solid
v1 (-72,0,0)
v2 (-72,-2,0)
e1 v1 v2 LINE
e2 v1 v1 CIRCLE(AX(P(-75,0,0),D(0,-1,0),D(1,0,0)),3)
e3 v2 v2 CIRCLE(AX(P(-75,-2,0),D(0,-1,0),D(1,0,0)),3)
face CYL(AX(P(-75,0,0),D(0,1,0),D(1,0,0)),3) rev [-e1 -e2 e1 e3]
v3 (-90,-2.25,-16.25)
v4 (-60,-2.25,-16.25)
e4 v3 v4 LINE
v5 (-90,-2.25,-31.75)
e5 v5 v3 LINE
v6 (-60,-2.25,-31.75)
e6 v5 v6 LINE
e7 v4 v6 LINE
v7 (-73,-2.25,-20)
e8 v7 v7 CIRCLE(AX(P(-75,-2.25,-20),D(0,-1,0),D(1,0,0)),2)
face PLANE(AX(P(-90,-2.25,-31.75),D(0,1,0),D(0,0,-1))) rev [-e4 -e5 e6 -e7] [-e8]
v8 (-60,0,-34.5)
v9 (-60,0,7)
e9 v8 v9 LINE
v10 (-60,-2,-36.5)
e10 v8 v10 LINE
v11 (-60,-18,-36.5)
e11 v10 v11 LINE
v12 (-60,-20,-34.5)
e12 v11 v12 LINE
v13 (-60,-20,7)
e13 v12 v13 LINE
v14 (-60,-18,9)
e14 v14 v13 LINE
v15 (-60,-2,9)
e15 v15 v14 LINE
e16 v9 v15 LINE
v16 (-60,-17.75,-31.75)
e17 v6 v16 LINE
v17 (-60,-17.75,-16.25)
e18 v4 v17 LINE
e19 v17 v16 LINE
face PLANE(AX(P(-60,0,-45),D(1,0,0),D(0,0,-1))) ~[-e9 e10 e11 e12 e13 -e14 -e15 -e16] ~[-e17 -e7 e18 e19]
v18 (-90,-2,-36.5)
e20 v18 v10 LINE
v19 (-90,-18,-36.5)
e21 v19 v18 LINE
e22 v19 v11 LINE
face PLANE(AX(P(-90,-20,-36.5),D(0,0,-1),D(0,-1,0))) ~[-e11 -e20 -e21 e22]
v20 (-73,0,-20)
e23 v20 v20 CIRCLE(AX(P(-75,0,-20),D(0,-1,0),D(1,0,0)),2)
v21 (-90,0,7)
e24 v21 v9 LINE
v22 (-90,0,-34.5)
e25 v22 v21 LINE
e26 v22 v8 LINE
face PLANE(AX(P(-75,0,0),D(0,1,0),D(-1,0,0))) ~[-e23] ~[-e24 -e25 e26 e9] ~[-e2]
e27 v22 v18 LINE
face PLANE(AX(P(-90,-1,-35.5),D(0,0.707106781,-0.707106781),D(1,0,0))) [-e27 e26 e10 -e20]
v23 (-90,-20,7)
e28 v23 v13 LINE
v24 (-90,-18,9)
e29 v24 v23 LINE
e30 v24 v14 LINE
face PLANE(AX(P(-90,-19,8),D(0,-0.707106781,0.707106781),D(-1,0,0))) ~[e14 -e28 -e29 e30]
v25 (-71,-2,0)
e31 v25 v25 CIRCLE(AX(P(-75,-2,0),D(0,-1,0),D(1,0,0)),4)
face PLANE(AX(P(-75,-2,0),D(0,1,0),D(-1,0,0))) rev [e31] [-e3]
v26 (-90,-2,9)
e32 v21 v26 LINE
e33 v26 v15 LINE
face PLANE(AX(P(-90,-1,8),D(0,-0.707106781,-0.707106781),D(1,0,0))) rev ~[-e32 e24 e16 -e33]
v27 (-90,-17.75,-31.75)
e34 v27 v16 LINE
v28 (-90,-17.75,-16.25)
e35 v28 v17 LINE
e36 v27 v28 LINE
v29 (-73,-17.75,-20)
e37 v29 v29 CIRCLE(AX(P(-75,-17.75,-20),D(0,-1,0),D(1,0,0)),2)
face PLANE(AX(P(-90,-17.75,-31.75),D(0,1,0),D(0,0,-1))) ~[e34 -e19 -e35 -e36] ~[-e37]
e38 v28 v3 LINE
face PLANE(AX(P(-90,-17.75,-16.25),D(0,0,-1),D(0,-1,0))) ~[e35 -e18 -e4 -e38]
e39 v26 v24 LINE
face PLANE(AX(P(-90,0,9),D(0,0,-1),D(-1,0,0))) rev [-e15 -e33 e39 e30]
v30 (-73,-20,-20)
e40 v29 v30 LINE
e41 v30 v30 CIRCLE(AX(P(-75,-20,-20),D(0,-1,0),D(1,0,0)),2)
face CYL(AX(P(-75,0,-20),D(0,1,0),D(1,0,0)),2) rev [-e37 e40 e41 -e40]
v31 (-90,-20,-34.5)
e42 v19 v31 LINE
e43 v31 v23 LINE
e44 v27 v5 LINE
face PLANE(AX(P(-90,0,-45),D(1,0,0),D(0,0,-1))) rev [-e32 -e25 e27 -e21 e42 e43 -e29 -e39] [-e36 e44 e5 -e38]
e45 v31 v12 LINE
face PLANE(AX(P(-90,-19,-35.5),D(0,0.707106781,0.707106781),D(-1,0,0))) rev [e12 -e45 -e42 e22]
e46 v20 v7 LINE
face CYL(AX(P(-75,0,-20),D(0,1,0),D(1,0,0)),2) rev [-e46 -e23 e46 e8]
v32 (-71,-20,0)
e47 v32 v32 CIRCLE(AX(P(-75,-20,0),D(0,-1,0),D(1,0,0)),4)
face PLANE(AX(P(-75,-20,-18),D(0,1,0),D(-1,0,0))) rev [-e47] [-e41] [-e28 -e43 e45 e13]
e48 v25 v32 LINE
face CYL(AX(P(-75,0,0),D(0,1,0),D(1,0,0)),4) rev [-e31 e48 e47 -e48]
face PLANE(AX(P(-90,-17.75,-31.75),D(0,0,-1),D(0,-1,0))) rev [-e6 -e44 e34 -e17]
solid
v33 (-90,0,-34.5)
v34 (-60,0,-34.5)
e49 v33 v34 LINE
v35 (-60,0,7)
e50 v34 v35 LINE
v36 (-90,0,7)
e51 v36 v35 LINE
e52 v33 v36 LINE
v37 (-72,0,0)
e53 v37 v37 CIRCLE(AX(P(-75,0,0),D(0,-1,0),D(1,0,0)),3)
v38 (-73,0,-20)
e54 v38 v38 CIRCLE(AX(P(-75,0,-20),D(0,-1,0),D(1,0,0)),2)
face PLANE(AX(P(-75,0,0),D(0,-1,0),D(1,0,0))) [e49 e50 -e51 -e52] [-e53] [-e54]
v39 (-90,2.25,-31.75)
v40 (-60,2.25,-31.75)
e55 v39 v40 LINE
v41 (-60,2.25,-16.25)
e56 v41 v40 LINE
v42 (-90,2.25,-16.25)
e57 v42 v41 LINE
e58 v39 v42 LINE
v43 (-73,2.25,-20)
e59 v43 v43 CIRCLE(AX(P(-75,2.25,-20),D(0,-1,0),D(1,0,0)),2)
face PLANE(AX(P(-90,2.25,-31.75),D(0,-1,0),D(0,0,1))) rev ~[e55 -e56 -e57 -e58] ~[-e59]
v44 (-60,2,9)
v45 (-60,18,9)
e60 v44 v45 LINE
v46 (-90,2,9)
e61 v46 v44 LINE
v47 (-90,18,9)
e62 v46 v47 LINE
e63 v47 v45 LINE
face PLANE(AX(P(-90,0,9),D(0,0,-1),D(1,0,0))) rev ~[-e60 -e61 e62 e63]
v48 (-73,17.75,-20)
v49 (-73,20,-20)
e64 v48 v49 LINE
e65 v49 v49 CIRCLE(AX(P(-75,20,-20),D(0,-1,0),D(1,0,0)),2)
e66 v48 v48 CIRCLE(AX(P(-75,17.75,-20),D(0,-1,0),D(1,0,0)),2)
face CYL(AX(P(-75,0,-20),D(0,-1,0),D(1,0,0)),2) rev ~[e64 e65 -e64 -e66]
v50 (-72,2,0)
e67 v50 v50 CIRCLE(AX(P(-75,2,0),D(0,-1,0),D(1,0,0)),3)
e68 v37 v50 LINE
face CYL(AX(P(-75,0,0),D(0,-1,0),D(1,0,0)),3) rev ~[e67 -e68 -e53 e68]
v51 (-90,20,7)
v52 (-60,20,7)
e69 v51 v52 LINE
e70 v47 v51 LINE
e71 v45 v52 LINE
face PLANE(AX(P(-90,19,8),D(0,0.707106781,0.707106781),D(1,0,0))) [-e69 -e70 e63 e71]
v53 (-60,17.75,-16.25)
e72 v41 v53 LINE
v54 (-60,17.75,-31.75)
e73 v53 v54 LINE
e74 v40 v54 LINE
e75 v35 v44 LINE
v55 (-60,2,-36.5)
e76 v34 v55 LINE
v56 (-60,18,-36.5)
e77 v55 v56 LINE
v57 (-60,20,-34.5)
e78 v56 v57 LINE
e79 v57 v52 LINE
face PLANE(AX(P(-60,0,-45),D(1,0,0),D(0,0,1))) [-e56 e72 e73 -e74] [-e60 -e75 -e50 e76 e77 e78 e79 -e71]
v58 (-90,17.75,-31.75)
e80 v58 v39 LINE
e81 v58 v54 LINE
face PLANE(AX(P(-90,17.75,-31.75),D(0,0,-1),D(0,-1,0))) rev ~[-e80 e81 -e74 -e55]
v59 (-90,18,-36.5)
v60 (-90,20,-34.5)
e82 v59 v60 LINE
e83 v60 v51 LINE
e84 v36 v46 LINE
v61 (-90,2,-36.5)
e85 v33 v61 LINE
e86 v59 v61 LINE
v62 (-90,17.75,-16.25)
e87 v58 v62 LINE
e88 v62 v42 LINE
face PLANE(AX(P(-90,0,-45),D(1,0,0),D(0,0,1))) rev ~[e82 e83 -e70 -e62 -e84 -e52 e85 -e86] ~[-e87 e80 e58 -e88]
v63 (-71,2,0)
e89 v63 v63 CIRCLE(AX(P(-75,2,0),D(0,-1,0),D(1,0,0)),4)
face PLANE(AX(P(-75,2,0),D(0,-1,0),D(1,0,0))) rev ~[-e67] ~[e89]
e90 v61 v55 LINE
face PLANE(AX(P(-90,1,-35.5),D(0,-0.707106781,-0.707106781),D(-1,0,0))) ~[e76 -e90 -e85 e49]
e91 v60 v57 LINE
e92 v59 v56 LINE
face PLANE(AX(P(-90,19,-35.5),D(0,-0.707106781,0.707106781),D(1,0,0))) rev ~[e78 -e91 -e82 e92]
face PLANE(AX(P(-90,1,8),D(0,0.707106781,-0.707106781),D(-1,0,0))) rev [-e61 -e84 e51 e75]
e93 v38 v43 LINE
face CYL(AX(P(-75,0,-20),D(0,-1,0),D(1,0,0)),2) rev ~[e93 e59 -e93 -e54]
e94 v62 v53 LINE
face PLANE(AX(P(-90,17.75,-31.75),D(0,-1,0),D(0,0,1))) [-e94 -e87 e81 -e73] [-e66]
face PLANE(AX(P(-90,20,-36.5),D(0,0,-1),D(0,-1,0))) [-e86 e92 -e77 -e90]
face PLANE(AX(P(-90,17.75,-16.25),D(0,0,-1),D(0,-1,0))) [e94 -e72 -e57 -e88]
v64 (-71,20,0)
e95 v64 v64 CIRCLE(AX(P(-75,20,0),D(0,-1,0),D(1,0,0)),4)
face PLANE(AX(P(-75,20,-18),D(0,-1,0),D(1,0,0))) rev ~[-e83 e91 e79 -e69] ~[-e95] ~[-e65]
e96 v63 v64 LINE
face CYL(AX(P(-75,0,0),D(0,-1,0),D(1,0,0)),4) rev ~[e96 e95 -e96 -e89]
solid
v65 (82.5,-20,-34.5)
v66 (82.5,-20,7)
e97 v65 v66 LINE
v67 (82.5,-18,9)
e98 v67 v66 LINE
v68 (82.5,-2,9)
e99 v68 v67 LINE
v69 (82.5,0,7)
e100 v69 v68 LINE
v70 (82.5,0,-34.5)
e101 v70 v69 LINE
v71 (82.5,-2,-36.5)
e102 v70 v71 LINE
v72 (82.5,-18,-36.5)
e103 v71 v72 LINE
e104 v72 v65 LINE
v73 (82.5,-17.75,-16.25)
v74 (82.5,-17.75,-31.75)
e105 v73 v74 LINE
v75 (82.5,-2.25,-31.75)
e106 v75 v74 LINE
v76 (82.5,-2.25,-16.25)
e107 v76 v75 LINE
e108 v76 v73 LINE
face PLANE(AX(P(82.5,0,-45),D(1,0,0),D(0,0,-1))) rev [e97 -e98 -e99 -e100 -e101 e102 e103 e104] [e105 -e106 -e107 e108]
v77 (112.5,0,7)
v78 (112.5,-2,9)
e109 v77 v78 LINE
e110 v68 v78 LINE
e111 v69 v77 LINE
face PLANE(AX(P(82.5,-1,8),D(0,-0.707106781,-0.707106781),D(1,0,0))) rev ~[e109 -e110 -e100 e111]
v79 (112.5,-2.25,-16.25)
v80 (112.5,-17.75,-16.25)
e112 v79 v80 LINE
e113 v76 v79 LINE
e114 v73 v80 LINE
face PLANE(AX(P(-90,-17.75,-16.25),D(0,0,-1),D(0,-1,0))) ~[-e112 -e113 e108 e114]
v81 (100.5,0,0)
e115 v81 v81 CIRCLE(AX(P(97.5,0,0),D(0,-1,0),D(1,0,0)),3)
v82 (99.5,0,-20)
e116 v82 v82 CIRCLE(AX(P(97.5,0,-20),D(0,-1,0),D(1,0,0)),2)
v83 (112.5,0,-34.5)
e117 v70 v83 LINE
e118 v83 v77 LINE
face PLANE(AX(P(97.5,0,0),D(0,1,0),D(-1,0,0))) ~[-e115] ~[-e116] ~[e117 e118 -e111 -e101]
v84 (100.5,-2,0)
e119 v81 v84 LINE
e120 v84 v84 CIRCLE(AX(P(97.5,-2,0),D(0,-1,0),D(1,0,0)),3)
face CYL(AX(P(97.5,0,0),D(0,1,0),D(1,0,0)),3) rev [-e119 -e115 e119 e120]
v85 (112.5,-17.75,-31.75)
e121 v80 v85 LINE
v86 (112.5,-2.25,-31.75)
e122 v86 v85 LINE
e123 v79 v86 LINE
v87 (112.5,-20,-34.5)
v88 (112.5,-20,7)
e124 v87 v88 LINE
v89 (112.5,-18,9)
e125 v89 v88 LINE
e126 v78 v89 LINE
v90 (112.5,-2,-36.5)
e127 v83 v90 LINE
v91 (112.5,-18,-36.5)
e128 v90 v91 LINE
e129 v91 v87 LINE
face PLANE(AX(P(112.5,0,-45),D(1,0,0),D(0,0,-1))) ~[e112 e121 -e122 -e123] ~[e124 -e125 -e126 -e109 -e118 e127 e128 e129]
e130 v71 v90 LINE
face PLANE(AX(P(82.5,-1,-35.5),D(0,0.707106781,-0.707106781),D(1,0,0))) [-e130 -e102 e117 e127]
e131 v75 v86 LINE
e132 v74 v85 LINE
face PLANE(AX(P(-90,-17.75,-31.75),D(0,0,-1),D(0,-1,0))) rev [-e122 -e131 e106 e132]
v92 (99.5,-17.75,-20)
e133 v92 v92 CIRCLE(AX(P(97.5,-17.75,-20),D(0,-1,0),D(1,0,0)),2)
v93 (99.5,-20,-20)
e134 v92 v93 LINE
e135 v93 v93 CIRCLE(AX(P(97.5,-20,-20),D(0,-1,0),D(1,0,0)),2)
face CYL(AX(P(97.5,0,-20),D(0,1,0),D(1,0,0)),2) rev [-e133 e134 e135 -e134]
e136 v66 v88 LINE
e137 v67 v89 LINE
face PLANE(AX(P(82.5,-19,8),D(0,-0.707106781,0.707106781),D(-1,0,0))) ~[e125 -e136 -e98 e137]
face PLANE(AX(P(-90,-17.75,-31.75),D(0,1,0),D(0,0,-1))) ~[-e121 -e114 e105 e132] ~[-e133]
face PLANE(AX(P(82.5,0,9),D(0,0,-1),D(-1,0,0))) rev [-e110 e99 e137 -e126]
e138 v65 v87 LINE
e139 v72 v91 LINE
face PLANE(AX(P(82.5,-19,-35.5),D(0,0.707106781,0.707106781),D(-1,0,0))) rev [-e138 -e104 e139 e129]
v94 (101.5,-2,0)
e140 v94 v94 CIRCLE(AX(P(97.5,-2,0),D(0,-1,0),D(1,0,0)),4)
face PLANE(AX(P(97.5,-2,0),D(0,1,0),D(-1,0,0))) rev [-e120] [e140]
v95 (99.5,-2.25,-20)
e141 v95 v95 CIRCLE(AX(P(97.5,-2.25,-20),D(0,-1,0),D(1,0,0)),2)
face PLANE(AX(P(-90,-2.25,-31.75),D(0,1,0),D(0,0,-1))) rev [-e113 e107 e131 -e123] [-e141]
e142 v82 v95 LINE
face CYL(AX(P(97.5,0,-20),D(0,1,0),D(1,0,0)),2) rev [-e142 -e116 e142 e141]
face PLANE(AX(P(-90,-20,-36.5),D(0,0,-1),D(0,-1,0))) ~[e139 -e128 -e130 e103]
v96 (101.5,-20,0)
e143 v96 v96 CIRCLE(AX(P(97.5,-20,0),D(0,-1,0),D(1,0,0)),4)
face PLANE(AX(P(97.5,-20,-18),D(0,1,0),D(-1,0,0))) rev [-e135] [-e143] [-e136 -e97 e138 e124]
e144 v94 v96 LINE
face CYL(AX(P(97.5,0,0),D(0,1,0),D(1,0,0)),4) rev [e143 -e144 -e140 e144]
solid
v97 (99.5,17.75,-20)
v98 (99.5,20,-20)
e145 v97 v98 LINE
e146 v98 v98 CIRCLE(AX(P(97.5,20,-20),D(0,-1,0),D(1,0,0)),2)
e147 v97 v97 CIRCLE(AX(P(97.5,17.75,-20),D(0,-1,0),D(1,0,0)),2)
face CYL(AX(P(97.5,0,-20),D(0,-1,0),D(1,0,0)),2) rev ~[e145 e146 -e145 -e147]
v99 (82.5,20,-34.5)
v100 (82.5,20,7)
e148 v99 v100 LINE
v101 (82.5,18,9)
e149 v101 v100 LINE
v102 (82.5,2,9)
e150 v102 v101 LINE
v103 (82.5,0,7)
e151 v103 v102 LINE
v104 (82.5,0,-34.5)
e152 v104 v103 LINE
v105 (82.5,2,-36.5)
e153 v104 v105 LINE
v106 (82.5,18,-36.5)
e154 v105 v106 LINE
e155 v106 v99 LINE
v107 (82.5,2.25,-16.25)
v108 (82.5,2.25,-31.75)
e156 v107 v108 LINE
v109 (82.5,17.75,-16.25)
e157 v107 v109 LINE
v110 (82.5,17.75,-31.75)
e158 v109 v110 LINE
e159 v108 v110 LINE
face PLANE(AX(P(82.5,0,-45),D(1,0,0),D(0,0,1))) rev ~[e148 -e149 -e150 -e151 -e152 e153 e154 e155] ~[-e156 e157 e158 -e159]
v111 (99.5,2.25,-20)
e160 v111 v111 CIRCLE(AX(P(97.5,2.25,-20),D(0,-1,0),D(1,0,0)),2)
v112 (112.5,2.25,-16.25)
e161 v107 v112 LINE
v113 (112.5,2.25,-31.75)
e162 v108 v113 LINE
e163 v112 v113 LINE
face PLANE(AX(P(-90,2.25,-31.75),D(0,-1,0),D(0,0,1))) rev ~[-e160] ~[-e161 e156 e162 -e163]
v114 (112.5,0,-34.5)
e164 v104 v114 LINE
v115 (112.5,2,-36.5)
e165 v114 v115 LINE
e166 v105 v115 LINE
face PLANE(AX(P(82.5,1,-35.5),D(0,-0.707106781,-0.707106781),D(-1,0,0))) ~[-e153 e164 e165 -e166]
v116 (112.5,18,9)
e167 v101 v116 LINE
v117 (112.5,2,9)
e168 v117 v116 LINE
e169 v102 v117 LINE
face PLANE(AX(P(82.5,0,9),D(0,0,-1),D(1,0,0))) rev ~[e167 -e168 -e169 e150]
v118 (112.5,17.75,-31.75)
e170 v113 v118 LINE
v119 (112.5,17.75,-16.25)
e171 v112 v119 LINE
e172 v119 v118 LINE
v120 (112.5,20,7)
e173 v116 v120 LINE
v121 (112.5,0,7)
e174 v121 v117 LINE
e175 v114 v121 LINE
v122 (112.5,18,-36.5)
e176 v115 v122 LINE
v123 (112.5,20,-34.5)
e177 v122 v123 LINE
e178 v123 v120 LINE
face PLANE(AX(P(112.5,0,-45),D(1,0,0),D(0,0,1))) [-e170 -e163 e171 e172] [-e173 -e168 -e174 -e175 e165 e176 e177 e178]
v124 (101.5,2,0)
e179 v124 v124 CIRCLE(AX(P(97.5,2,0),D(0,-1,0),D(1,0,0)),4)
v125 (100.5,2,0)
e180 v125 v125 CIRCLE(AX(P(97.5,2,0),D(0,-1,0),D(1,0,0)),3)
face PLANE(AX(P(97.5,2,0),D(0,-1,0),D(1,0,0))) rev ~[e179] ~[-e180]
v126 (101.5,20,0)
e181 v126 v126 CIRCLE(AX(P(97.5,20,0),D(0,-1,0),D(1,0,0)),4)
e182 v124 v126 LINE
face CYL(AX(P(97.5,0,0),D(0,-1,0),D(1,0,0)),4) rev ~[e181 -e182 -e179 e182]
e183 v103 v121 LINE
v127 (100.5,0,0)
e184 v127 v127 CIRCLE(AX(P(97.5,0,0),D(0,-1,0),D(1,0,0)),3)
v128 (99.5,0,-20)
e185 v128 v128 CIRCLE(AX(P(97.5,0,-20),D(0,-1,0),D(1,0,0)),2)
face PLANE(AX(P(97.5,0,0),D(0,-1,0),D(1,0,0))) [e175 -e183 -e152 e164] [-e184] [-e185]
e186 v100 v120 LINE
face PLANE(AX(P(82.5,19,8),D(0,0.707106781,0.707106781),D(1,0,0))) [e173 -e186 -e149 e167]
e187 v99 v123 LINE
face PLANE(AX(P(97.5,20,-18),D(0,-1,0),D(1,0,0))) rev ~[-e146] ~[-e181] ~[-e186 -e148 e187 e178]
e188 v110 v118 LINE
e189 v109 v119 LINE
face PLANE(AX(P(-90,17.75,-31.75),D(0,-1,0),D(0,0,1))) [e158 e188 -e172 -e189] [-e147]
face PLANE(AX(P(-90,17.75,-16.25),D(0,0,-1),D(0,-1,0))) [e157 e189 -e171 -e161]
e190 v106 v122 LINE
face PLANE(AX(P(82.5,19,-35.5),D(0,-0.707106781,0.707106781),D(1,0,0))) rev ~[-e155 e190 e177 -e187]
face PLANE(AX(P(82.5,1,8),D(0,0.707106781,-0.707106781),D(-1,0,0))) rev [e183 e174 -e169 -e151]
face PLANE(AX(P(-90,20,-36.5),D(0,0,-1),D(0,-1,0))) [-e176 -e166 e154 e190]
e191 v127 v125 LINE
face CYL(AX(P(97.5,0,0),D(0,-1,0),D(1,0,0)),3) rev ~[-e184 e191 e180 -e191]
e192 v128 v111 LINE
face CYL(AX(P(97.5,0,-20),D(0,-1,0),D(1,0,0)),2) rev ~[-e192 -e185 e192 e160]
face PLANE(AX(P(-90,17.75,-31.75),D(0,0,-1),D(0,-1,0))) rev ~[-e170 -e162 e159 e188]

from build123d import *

# Parameters (mm, degrees)
F0_W      = 30
F0_H      = 54
F0_R      = 2
F0_R_2    = 4
F1_DEPTH  = 20
F2_W      = 15.5
F2_H      = 15.5
F2_W_2    = 20
F2_H_2    = 8.5
F3_DEPTH  = 202.501
F0_R_3    = 3
F4_DEPTH  = 2
F5_SIZE   = 2
F5_2_SIZE = 2


with BuildPart() as f1:
    # F0 (on Front) → F1 (new body)
    with BuildSketch(Plane.XZ):
        with Locations((-75, -18)):
            Rectangle(F0_W, F0_H)
        with Locations((-75, -20)):
            Circle(F0_R, mode=Mode.SUBTRACT)
        with Locations((-75, 0)):
            Circle(F0_R_2, mode=Mode.SUBTRACT)
    extrude(amount=-F1_DEPTH)


with BuildPart() as f1b:
    # F0 (on Front) → F1, piece 2 (new body)
    with BuildSketch(Plane.XZ):
        with Locations((97.5, -18)):
            Rectangle(F0_W, F0_H)
        with Locations((97.5, -20)):
            Circle(F0_R, mode=Mode.SUBTRACT)
        with Locations((97.5, 0)):
            Circle(F0_R_2, mode=Mode.SUBTRACT)
    extrude(amount=-F1_DEPTH)


with BuildPart() as f3_tool:
    # F2 (on face) → F3 (new body, through all)
    with BuildSketch(Plane(origin=(-90, 0, 0), x_dir=(0, -1, 0), z_dir=(-1, 0, 0))):
        with Locations((-10, -24)):
            Rectangle(F2_W, F2_H)
        with Locations((-10, -40.75)):
            Rectangle(F2_W_2, F2_H_2)
    extrude(amount=-F3_DEPTH)


with BuildPart() as f1_1:
    add(f1.part)

    # F3: cut by f3_tool
    add(f3_tool.part, mode=Mode.SUBTRACT)

    # F0 (on Front) → F4, piece 2 (join)
    with BuildSketch(Plane.XZ):
        with Locations((-75, 0)):
            Circle(F0_R_2)
        with Locations((-75, 0)):
            Circle(F0_R_3, mode=Mode.SUBTRACT)
    extrude(amount=-F4_DEPTH)

    # F5
    f5_edges = [f1_1.edges().sort_by_distance(p)[0] for p in [
        (-75, 20, 9),
        (-75, 20, -36.5),
        (-75, 0, -36.5),
        (-75, 0, 9),
    ]]
    chamfer(f5_edges, length=F5_SIZE)


with BuildPart() as f1b_1:
    add(f1b.part)

    # F3: cut by f3_tool
    add(f3_tool.part, mode=Mode.SUBTRACT)

    # F0 (on Front) → F4 (join)
    with BuildSketch(Plane.XZ):
        with Locations((97.5, 0)):
            Circle(F0_R_2)
        with Locations((97.5, 0)):
            Circle(F0_R_3, mode=Mode.SUBTRACT)
    extrude(amount=-F4_DEPTH)

    # F5#2
    f5_2_edges = [f1b_1.edges().sort_by_distance(p)[0] for p in [
        (97.5, 0, 9),
        (97.5, 0, -36.5),
        (97.5, 20, 9),
        (97.5, 20, -36.5),
    ]]
    chamfer(f5_2_edges, length=F5_2_SIZE)


with BuildPart() as f6_1:
    # F6: instance of F1
    add(f1_1.part.mirror(Plane.XZ))


with BuildPart() as f6_2:
    # F6: instance of F1b
    add(f1b_1.part.mirror(Plane.XZ))


solid = Compound([f1_1.part, f1b_1.part, f6_1.part, f6_2.part])
